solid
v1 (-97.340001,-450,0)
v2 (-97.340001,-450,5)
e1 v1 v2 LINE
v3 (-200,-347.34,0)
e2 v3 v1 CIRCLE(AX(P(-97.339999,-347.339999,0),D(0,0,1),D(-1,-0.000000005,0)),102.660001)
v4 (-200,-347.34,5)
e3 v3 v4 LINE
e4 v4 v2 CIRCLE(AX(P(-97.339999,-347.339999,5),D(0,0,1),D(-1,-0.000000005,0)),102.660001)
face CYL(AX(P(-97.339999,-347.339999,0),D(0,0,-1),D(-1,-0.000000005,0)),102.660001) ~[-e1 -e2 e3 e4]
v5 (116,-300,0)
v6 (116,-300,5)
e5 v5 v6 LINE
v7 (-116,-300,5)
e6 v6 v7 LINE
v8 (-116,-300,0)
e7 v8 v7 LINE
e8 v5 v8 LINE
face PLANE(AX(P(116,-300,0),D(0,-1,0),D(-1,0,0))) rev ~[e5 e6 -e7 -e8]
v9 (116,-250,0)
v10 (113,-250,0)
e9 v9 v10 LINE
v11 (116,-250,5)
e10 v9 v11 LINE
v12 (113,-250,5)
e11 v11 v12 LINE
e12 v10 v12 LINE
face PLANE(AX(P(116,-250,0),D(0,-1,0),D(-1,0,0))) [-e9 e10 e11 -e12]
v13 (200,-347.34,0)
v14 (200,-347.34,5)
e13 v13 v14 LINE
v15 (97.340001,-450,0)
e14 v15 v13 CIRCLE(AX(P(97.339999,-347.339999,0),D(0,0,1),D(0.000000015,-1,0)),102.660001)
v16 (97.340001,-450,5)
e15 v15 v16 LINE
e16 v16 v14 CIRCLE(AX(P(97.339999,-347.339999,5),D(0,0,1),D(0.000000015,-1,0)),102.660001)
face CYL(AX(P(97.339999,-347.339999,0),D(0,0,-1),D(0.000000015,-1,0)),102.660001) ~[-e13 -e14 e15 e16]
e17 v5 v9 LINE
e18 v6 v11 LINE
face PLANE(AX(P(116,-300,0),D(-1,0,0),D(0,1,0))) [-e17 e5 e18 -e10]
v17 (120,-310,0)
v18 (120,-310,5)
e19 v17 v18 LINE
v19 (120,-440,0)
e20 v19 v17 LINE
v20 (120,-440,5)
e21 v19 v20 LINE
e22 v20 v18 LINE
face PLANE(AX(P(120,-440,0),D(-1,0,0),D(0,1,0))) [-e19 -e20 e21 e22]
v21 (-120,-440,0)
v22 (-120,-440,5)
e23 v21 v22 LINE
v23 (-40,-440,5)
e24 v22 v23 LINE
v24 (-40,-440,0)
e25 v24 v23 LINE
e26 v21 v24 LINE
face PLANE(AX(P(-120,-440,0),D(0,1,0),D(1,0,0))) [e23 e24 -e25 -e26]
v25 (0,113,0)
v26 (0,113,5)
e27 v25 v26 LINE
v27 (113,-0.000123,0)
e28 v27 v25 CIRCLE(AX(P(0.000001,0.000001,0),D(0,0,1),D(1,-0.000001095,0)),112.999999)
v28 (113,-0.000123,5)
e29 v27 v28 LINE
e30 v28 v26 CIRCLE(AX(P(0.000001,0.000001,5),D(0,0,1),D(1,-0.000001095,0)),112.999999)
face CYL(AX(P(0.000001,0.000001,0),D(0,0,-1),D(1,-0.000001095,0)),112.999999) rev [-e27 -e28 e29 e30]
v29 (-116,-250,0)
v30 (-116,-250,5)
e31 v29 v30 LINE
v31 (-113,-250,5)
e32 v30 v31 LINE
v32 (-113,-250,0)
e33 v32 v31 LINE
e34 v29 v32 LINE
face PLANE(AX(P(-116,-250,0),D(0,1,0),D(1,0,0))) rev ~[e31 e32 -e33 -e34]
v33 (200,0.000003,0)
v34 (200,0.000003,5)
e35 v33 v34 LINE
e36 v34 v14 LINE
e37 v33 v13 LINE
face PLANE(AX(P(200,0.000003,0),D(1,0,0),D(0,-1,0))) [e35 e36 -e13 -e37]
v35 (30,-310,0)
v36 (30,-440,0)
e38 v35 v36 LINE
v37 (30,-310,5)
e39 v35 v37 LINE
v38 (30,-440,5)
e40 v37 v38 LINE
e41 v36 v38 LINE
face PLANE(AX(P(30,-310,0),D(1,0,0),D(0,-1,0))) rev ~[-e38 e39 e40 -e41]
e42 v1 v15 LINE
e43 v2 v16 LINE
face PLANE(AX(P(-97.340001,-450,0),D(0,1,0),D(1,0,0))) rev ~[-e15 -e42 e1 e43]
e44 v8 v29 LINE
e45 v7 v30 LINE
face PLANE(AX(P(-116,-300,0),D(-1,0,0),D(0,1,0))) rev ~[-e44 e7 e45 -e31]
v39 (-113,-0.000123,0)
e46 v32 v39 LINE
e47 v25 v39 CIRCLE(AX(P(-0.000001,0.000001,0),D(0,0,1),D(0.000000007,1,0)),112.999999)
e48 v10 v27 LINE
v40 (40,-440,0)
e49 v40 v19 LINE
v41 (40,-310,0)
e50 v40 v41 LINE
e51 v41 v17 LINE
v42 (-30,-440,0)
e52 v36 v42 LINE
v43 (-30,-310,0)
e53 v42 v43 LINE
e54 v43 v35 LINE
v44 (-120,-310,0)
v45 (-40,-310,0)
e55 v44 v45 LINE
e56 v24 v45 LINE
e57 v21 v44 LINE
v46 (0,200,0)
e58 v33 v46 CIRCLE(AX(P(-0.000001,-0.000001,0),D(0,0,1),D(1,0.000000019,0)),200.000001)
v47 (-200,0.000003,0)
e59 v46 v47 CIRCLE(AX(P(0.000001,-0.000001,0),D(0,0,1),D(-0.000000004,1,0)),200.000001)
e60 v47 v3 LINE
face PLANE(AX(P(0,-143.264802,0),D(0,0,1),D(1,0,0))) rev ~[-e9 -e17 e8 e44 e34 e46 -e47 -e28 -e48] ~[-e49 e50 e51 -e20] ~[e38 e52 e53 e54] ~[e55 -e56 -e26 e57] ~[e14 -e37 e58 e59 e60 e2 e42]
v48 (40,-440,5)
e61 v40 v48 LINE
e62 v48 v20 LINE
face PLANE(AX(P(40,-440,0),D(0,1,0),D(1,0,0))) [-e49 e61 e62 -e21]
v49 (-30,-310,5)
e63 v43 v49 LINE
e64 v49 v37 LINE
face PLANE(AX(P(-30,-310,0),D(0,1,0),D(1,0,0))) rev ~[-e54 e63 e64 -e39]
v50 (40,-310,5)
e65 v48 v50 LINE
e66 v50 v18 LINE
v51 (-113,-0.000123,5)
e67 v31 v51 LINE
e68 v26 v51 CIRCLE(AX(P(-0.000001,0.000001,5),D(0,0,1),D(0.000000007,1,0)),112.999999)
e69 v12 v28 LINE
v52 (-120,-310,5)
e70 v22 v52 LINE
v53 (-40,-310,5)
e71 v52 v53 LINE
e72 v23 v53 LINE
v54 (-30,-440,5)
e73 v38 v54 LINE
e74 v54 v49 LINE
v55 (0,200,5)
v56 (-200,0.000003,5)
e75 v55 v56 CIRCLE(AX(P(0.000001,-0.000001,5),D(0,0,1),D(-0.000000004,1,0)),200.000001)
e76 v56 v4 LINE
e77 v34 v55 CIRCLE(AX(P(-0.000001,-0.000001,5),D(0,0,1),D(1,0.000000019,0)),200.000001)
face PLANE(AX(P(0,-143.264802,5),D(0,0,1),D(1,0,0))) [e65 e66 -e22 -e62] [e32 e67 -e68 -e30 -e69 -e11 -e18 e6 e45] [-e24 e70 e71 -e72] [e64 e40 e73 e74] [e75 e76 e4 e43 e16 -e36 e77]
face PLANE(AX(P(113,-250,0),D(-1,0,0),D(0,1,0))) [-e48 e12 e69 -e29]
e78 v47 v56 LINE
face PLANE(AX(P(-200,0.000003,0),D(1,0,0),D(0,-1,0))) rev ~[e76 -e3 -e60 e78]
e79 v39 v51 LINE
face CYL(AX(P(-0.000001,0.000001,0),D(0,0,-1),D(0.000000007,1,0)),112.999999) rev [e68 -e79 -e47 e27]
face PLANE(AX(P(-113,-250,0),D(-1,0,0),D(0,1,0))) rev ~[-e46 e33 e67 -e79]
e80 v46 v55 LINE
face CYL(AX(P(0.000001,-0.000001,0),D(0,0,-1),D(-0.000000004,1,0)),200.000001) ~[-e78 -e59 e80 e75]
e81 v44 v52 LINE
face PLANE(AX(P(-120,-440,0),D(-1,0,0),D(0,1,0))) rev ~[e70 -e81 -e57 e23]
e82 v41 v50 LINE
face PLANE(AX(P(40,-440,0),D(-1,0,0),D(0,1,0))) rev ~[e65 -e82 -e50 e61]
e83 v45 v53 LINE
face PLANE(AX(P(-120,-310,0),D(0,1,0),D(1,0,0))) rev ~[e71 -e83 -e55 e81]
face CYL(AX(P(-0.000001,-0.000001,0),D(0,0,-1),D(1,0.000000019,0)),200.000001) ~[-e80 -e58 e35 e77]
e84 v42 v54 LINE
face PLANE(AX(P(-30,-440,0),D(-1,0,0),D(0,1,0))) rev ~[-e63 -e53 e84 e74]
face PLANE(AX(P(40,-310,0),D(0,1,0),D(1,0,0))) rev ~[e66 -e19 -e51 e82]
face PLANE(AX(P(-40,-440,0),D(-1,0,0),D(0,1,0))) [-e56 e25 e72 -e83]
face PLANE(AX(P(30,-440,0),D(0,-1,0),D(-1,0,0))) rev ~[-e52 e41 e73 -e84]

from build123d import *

# Parameters (mm, degrees)
SKETCH_W  = 80
SKETCH_H  = 130
PAD_DEPTH = 5


with BuildPart() as part:
    # Sketch → Pad (new body)
    with BuildSketch(Plane.XY):
        with BuildLine():
            ThreePointArc((200, 3e-06), (141.421355, 141.421357), (0, 200))
            ThreePointArc((0, 200), (-141.421355, 141.421357), (-200, 3e-06))
            Line((-200, 3e-06), (-200, -347.34))
            ThreePointArc((-200, -347.34), (-169.931582, -419.931582), (-97.340001, -450))
            Line((0, -450), (-97.340001, -450))
            Line((0, -450), (97.340001, -450))
            ThreePointArc((97.340001, -450), (169.931582, -419.931582), (200, -347.34))
            Line((200, 3e-06), (200, -347.34))
        make_face()
        with BuildLine():
            Line((0, -300), (116, -300))
            Line((116, -300), (116, -250))
            Line((116, -250), (113, -250))
            Line((113, -250), (113, -0.000123))
            ThreePointArc((113, -0.000123), (79.90311, 79.903023), (0, 113))
            ThreePointArc((0, 113), (-79.90311, 79.903023), (-113, -0.000123))
            Line((-113, -250), (-113, -0.000123))
            Line((-116, -250), (-113, -250))
            Line((-116, -300), (-116, -250))
            Line((0, -300), (-116, -300))
        make_face(mode=Mode.SUBTRACT)
        with Locations((80, -375)):
            Rectangle(SKETCH_W, SKETCH_H, mode=Mode.SUBTRACT)
        Polygon((0, -310), (30, -310), (30, -440), (0, -440), (-30, -440), (-30, -310), align=None, mode=Mode.SUBTRACT)
        with Locations((-80, -375)):
            Rectangle(SKETCH_W, SKETCH_H, mode=Mode.SUBTRACT)
    extrude(amount=PAD_DEPTH)


solid = part.part
